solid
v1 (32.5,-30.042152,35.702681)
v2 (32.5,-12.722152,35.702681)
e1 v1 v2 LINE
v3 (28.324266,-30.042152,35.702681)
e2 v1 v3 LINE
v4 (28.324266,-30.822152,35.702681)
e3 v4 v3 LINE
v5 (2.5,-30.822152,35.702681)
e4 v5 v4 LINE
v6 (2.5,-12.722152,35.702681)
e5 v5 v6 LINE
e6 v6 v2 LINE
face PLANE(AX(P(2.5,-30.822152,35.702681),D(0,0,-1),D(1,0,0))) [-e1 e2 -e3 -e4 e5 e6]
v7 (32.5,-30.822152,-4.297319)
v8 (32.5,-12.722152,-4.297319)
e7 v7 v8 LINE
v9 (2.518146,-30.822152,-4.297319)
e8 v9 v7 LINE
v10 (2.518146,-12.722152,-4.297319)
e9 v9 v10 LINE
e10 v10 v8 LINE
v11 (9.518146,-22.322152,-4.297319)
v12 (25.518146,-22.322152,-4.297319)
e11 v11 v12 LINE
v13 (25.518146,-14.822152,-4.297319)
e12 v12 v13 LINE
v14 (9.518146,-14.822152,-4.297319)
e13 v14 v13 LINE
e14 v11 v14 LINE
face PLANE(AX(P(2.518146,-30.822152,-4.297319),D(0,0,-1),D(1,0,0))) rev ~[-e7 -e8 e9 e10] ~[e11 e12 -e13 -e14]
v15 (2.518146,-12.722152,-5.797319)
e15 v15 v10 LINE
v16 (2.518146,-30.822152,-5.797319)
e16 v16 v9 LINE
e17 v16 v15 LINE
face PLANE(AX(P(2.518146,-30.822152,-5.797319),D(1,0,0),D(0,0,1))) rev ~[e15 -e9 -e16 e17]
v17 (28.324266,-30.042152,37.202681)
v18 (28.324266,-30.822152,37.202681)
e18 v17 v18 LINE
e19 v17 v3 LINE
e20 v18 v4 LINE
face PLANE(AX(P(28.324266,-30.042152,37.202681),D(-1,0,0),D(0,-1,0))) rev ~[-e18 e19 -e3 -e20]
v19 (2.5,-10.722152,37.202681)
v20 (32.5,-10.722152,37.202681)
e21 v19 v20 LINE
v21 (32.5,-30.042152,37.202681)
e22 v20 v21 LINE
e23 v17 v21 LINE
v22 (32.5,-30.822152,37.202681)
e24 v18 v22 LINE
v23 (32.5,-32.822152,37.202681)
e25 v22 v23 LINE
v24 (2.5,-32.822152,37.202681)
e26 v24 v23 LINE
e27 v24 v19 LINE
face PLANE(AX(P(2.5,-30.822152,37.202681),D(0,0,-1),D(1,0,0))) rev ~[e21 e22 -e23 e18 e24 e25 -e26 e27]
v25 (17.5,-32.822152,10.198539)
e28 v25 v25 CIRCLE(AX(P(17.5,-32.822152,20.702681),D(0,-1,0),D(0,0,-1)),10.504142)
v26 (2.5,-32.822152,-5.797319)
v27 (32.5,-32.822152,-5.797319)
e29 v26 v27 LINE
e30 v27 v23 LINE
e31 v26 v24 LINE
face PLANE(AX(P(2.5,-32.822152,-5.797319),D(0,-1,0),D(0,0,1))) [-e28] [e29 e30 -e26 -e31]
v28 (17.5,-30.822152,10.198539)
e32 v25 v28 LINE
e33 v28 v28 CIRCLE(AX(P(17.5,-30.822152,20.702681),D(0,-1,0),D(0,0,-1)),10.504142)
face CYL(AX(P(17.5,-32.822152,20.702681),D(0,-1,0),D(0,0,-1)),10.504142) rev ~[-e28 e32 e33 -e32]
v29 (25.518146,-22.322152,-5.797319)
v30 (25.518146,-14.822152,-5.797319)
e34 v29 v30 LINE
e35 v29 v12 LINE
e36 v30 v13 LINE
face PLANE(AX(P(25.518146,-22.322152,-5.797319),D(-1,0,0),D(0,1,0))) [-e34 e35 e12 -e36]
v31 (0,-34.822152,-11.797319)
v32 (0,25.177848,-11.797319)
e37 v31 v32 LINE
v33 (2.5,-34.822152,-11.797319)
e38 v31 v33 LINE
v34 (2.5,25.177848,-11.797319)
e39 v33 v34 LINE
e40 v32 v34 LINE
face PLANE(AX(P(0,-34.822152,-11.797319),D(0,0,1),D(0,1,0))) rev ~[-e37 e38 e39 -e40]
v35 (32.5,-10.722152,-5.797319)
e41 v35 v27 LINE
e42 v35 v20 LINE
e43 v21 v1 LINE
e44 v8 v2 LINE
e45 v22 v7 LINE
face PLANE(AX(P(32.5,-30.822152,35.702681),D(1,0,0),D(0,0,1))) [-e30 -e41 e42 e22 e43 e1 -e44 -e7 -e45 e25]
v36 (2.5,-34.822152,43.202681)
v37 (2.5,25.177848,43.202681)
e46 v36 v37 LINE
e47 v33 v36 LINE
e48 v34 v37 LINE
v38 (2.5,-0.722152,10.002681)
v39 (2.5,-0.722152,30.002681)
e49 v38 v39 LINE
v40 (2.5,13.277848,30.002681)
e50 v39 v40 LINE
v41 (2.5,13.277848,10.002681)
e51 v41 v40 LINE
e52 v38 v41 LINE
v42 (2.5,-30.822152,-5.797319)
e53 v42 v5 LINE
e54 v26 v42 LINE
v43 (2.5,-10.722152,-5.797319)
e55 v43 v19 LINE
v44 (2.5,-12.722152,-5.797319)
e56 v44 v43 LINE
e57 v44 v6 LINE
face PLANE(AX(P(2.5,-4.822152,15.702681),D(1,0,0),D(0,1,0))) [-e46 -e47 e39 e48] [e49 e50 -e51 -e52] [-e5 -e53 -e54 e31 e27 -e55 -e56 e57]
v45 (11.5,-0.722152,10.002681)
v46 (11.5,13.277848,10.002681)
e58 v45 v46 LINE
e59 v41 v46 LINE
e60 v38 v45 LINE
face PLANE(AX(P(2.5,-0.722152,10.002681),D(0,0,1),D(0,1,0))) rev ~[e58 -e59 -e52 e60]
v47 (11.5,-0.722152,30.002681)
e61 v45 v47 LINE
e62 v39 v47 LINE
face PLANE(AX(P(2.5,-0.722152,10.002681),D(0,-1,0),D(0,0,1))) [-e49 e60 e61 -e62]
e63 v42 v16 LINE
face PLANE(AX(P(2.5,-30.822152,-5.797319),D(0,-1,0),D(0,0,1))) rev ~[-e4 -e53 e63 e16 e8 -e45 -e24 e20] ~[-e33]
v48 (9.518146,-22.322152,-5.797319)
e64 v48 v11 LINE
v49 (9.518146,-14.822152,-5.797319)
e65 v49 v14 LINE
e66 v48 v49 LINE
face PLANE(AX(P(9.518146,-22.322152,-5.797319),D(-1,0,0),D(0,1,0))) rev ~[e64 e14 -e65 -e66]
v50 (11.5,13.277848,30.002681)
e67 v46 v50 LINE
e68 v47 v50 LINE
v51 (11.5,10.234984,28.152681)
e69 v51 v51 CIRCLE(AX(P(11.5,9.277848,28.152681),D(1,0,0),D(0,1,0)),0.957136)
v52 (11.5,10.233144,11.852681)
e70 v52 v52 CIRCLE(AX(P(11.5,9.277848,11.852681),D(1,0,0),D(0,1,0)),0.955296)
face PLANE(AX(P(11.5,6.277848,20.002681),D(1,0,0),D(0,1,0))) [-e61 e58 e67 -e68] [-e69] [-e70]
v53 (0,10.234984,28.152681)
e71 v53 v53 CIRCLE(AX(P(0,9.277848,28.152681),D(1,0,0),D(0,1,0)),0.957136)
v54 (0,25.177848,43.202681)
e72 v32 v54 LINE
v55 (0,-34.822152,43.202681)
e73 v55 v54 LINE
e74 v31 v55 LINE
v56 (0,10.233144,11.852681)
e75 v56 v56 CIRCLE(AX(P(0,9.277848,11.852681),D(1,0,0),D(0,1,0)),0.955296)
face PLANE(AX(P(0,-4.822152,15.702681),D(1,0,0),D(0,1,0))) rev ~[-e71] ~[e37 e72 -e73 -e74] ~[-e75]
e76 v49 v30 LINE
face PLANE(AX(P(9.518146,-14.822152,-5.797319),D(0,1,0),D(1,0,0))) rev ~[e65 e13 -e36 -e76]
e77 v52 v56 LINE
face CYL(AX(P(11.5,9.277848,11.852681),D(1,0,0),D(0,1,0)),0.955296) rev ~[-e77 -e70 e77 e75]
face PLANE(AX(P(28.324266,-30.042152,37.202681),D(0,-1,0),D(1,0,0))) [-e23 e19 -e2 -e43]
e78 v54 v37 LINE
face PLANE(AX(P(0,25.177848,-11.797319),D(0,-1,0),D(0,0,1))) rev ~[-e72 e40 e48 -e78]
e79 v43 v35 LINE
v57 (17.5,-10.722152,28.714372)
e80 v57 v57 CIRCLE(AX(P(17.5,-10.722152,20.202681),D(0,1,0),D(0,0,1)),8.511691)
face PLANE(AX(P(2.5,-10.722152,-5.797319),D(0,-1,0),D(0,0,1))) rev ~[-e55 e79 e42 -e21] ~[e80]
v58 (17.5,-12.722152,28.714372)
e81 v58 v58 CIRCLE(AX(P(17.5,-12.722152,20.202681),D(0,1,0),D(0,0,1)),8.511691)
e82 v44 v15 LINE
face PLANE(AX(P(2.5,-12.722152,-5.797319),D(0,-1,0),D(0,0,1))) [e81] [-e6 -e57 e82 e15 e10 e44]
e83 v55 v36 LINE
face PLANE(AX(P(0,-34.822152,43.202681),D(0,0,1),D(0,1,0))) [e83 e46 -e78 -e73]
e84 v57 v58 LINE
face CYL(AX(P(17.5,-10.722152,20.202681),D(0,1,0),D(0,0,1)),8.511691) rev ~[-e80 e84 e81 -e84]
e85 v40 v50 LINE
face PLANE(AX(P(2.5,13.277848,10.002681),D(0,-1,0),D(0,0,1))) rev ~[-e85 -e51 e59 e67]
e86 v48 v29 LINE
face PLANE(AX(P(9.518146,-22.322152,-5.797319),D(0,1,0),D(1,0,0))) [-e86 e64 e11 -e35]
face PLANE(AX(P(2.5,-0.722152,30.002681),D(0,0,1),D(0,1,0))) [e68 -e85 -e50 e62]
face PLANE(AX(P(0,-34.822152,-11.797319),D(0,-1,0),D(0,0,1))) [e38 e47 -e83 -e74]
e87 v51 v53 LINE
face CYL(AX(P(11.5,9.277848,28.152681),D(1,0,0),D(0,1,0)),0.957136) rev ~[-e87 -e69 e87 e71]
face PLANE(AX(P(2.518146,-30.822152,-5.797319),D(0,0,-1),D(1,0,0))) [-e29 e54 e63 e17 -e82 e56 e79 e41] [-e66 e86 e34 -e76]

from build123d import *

# Parameters (mm, degrees)
SKETCH_W        = 60
SKETCH_H        = 55
PAD_DEPTH       = 2.5
SKETCH001_W     = 2
SKETCH001_H     = 43
PAD001_DEPTH    = 30
SKETCH003_W     = 2
SKETCH003_H     = 43
PAD002_DEPTH    = 30
SKETCH004_W     = 1.5
SKETCH004_H     = 29.981854
PAD003_DEPTH    = 18.2
SKETCH005_W     = 1.5
SKETCH005_H     = 30
PAD004_DEPTH    = 18.2
SKETCH006_R     = 10.504142
POCKET_DEPTH    = 2
SKETCH007_W     = 0.78
SKETCH007_H     = 4.175734
POCKET001_DEPTH = 2
SKETCH009_R     = 8.511691
POCKET002_DEPTH = 2
SKETCH010_W     = 7.5
SKETCH010_H     = 16
POCKET003_DEPTH = 2
SKETCH011_W     = 14
SKETCH011_H     = 20
PAD005_DEPTH    = 9
SKETCH012_R     = 0.957136
SKETCH012_R_2   = 0.955296
POCKET004_DEPTH = 12


with BuildPart() as part:
    # Sketch → Pad (new body)
    with BuildSketch(Plane.YZ):
        with Locations((-4.822152, 15.702681)):
            Rectangle(SKETCH_W, SKETCH_H)
    extrude(amount=PAD_DEPTH)

    # Sketch001 (on Face6 of Pad) → Pad001 (join)
    with BuildSketch(Plane.YZ.offset(2.5)):
        with Locations((-31.822152, 15.702681)):
            Rectangle(SKETCH001_W, SKETCH001_H)
    extrude(amount=PAD001_DEPTH)

    # Sketch003 (on Face5 of Pad001) → Pad002 (join)
    with BuildSketch(Plane.YZ.offset(2.5)):
        with Locations((-11.722152, 15.702681)):
            Rectangle(SKETCH003_W, SKETCH003_H)
    extrude(amount=PAD002_DEPTH)

    # Sketch004 (on Face9 of Pad002) → Pad003 (join)
    with BuildSketch(Plane.ZX.offset(-30.822152)):
        with Locations((-5.047319, 17.509073)):
            Rectangle(SKETCH004_W, SKETCH004_H)
    extrude(amount=PAD003_DEPTH)

    # Sketch005 (on Face9 of Pad003) → Pad004 (join)
    with BuildSketch(Plane.ZX.offset(-30.822152)):
        with Locations((36.452681, 17.5)):
            Rectangle(SKETCH005_W, SKETCH005_H)
    extrude(amount=PAD004_DEPTH)

    # Sketch006 (on Face17 of Pad004) → Pocket (cut)
    with BuildSketch(Plane(origin=(0, -32.822152, 0), x_dir=(0, 0, -1), z_dir=(0, -1, 0))):
        with Locations((-20.702681, 17.5)):
            Circle(SKETCH006_R)
    extrude(amount=-POCKET_DEPTH, mode=Mode.SUBTRACT)

    # Sketch007 (on Face8 of Pocket) → Pocket001 (cut)
    with BuildSketch(Plane(origin=(0, 0, 37.202681), x_dir=(0, -1, 0), z_dir=(0, 0, 1))):
        with Locations((30.432152, 30.412133)):
            Rectangle(SKETCH007_W, SKETCH007_H)
    extrude(amount=-POCKET001_DEPTH, mode=Mode.SUBTRACT)

    # Sketch009 (on Face11 of Pocket) → Pocket002 (cut)
    with BuildSketch(Plane.ZX.offset(-10.722152)):
        with Locations((20.202681, 17.5)):
            Circle(SKETCH009_R)
    extrude(amount=-POCKET002_DEPTH, mode=Mode.SUBTRACT)

    # Sketch010 (on Face31 of Pocket002) → Pocket003 (cut)
    with BuildSketch(Plane.YX.offset(5.797319)):
        with Locations((-18.572152, 17.518146)):
            Rectangle(SKETCH010_W, SKETCH010_H)
    extrude(amount=-POCKET003_DEPTH, mode=Mode.SUBTRACT)

    # Sketch011 (on Face5 of Pocket003) → Pad005 (join)
    with BuildSketch(Plane.YZ.offset(2.5)):
        with Locations((6.277848, 20.002681)):
            Rectangle(SKETCH011_W, SKETCH011_H)
    extrude(amount=PAD005_DEPTH)

    # Sketch012 (on Face36 of Pad005) → Pocket004 (cut)
    with BuildSketch(Plane.YZ.offset(11.5)):
        with Locations((9.277848, 28.152681)):
            Circle(SKETCH012_R)
        with Locations((9.277848, 11.852681)):
            Circle(SKETCH012_R_2)
    extrude(amount=-POCKET004_DEPTH, mode=Mode.SUBTRACT)


solid = part.part
